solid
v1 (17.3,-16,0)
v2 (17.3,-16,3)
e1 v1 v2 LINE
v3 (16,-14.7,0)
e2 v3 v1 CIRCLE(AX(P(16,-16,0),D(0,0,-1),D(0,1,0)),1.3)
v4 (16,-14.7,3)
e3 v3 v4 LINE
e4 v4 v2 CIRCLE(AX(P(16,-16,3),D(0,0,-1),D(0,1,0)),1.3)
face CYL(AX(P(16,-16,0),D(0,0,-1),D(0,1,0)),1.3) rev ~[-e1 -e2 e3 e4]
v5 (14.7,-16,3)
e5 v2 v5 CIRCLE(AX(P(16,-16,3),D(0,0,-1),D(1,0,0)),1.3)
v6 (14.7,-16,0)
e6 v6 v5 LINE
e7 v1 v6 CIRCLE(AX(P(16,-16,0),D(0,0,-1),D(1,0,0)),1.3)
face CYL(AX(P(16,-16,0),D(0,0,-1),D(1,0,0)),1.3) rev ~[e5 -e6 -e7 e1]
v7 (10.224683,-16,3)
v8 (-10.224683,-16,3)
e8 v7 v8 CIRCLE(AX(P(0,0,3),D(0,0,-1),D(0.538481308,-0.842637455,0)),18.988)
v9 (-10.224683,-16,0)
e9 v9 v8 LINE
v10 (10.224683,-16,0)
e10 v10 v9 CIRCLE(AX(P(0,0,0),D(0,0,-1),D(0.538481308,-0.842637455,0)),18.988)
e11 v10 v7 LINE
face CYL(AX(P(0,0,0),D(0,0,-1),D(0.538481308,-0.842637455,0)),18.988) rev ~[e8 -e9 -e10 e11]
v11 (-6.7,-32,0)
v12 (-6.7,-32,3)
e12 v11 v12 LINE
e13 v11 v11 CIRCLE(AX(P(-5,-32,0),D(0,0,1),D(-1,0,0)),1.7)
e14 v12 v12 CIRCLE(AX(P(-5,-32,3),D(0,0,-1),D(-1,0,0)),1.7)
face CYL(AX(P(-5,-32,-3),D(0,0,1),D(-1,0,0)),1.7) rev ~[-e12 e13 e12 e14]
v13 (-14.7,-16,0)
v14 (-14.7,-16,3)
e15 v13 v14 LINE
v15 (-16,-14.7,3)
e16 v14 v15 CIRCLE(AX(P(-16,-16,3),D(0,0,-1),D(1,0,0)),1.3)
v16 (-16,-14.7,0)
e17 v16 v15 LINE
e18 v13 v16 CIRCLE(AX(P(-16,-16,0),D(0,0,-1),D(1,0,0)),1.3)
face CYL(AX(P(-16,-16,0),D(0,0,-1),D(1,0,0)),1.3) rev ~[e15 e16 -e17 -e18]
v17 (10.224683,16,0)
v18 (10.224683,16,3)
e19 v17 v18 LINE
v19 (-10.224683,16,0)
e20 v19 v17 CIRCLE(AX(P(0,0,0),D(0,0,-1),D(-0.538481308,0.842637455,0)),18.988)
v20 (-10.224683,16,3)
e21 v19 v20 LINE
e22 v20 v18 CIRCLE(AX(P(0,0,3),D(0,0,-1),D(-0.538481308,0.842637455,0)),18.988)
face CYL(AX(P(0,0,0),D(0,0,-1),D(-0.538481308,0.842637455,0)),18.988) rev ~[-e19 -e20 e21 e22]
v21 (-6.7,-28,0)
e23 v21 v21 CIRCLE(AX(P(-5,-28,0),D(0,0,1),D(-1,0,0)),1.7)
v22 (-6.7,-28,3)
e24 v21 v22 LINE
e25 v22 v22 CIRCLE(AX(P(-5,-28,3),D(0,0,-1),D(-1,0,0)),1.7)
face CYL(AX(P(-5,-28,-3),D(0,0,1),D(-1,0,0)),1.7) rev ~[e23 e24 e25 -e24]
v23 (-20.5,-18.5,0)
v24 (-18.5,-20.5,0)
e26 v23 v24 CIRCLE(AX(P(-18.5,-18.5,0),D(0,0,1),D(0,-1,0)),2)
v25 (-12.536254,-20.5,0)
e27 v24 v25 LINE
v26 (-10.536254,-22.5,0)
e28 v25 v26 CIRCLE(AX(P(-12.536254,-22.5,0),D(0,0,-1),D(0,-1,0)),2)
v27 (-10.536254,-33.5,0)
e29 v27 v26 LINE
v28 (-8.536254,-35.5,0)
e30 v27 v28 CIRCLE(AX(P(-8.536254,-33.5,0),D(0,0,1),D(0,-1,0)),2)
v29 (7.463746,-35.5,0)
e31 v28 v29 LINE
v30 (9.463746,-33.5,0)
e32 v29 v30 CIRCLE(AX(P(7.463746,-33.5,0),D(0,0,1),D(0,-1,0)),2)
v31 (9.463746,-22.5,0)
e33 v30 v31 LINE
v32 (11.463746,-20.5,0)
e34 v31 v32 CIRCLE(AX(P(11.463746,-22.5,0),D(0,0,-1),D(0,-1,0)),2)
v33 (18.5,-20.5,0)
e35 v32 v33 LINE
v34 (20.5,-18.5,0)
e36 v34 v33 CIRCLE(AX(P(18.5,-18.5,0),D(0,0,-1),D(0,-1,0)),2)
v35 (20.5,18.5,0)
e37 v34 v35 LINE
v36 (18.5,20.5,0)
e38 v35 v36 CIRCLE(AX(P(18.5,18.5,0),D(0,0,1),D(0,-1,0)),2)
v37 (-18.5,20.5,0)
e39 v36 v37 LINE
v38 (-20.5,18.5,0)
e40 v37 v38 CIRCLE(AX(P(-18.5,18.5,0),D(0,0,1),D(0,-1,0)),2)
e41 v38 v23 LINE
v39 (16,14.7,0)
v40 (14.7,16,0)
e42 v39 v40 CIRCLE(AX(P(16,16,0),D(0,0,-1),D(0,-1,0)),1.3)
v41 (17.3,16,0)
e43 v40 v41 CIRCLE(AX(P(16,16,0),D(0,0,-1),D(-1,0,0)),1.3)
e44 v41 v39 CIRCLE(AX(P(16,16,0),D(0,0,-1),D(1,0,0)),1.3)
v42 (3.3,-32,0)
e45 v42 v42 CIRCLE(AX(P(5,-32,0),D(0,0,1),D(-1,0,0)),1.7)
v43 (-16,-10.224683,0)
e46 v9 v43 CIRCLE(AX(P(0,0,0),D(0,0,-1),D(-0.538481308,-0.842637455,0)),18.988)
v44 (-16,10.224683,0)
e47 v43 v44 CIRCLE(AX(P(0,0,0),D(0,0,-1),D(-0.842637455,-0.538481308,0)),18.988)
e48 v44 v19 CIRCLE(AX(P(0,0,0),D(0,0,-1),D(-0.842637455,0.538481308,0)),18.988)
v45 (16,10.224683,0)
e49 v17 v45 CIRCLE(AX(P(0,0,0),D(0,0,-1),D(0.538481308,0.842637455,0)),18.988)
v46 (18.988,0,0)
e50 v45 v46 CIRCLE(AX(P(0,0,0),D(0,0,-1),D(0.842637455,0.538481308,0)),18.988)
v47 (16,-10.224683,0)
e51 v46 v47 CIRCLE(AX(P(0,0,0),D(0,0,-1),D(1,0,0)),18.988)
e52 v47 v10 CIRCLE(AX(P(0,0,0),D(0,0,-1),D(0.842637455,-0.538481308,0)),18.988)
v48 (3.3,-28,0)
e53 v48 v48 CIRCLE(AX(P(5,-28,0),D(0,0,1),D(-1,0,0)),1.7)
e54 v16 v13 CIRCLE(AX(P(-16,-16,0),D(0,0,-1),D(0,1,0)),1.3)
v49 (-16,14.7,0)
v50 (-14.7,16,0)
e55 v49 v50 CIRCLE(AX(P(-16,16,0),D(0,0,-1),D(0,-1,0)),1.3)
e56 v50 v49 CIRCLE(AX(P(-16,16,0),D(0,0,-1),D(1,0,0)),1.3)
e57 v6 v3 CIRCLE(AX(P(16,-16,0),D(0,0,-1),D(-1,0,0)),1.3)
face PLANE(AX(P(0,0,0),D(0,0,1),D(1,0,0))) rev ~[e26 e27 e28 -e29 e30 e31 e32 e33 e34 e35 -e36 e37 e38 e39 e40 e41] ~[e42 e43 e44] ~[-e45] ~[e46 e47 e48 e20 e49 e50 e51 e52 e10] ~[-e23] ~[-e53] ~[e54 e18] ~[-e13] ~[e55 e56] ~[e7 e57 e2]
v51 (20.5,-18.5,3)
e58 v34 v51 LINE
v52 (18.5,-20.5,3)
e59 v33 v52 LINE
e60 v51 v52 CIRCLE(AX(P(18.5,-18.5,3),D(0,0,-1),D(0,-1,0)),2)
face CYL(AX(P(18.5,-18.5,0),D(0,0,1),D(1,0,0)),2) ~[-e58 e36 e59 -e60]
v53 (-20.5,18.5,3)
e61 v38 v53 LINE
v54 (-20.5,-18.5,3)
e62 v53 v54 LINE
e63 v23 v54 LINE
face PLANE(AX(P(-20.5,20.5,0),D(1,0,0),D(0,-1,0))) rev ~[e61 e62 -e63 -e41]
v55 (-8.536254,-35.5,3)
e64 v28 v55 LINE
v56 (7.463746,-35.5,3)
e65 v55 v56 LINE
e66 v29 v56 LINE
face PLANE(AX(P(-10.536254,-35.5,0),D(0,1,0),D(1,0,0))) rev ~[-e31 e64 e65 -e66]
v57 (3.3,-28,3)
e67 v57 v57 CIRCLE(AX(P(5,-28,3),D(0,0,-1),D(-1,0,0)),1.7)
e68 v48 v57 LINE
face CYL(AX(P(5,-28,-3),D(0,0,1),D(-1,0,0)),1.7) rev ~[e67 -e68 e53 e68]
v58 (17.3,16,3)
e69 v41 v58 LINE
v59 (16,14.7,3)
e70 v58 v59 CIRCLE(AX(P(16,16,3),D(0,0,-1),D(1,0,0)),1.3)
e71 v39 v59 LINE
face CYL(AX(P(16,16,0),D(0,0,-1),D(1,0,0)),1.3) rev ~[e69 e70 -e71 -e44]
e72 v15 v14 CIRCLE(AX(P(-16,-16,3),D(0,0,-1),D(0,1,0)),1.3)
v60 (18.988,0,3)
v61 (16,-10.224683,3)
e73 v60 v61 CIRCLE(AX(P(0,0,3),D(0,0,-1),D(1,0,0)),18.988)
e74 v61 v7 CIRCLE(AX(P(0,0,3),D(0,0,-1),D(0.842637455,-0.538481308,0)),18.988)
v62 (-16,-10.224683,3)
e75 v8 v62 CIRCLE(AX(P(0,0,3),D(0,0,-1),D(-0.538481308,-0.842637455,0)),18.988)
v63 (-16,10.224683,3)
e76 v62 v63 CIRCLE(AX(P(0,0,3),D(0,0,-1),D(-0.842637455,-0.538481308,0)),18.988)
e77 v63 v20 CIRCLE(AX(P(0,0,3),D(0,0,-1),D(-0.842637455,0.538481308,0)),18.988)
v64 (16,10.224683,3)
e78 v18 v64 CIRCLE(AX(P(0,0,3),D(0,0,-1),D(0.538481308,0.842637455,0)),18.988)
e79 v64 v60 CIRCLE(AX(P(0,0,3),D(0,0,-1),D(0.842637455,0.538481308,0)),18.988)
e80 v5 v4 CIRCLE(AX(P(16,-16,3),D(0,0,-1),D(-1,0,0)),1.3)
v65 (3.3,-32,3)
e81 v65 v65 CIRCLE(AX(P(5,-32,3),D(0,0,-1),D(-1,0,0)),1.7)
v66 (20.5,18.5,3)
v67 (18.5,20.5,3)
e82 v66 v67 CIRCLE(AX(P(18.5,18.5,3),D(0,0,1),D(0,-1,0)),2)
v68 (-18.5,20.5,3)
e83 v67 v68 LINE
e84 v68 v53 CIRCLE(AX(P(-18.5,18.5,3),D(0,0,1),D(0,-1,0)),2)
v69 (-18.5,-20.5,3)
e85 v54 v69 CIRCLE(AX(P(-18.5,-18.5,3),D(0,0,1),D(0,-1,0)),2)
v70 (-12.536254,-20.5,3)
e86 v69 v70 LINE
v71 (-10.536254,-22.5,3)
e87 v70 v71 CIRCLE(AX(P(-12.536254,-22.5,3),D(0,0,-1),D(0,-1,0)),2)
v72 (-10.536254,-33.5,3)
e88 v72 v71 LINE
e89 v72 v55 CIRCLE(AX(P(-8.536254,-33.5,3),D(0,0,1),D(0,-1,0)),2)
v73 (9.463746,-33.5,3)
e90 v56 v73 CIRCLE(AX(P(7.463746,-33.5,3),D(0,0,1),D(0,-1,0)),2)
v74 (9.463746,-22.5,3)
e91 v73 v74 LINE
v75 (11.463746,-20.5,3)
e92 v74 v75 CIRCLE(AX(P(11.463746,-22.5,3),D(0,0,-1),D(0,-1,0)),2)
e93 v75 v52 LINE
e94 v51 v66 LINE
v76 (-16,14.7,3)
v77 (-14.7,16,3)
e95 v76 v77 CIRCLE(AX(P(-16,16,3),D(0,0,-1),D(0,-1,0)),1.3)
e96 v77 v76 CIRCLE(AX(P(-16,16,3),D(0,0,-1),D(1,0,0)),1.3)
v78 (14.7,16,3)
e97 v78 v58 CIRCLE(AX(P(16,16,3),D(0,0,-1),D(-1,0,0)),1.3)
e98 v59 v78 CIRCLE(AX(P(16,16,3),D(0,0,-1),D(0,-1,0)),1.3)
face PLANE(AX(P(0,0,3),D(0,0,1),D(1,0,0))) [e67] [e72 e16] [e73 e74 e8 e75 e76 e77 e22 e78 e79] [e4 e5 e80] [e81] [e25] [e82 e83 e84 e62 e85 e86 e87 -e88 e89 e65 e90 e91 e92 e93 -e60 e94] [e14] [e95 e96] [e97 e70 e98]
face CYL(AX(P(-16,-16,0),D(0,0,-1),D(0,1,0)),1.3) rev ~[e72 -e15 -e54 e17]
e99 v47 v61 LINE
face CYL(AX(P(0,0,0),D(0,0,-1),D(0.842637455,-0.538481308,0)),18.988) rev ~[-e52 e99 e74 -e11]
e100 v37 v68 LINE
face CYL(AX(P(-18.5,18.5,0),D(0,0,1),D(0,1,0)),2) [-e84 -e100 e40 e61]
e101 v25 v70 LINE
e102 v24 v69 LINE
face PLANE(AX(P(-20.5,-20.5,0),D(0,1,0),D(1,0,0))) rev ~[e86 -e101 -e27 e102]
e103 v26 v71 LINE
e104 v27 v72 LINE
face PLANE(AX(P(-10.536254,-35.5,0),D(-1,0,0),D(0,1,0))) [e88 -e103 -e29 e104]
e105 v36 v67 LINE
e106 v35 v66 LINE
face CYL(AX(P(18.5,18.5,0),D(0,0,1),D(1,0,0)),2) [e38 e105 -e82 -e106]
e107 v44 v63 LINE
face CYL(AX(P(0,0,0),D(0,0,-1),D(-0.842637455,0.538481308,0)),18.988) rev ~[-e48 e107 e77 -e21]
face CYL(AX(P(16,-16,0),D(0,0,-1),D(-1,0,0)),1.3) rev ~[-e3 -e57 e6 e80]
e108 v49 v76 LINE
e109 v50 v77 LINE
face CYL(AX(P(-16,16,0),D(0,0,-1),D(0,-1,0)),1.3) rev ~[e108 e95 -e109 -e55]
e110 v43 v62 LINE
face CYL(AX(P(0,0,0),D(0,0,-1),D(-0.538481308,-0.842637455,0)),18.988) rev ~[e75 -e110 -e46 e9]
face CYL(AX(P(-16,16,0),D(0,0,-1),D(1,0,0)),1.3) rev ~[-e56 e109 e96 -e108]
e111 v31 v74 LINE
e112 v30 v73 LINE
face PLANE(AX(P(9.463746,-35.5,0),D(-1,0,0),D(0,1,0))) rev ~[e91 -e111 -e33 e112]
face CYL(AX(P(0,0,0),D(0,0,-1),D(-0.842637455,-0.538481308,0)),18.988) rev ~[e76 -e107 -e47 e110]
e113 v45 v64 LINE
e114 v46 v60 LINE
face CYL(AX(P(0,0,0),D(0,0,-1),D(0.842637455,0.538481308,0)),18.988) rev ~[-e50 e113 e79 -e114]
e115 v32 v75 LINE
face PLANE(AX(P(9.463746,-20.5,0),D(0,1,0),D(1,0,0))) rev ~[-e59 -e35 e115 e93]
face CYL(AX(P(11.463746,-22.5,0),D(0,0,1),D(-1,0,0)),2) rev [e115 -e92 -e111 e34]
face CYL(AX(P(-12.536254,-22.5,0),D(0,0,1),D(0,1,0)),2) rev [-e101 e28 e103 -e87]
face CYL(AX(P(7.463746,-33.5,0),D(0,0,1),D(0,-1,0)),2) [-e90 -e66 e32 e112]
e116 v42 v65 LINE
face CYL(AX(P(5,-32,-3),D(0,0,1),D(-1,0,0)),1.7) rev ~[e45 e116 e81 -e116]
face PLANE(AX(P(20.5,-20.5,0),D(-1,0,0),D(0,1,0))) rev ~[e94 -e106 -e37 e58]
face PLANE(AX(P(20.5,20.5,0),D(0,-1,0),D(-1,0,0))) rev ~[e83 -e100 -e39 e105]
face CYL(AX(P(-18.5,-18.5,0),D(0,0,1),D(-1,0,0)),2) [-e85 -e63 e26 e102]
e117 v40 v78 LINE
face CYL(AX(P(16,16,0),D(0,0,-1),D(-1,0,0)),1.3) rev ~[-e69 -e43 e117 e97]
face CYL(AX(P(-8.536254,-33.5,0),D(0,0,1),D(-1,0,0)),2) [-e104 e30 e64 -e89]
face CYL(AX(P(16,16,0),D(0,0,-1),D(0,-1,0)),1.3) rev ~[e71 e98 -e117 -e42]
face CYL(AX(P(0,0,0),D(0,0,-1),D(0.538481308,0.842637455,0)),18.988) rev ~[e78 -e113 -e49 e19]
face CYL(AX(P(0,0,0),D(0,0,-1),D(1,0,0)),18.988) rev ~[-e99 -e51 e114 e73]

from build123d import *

# Parameters (mm, degrees)
F0_W     = 20
F0_H     = 15
F1_DEPTH = 3
F2_R     = 2
F3_D     = 3.4
F3_DEPTH = 3
F3_TIP   = 1.0214630523


with BuildPart() as f1:
    # F0 (on Top) → F1 (new body)
    with BuildSketch(Plane.XY):
        Polygon((9.4637456983, -20.5), (20.5, -20.5), (20.5, 20.5), (-20.5, 20.5), (-20.5, -20.5), (-10.5362543017, -20.5), align=None)
        with BuildLine():
            Line((-10.2246830758, -16), (-14.7, -16))
            ThreePointArc((-14.7, -16), (-16.9192388155, -16.9192388155), (-16, -14.7))
            Line((-16, -14.7), (-16, -10.2246830758))
            ThreePointArc((-16, -10.2246830758), (-18.988, 0), (-16, 10.2246830758))
            Line((-16, 10.2246830758), (-16, 14.7))
            ThreePointArc((-16, 14.7), (-16.9192388155, 16.9192388155), (-14.7, 16))
            Line((-14.7, 16), (-10.2246830758, 16))
            ThreePointArc((-10.2246830758, 16), (0, 18.988), (10.2246830758, 16))
            Line((10.2246830758, 16), (14.7, 16))
            ThreePointArc((14.7, 16), (16, 17.3), (17.3, 16))
            ThreePointArc((17.3, 16), (16.9192388155, 15.0807611845), (16, 14.7))
            Line((16, 14.7), (16, 10.2246830758))
            ThreePointArc((16, 10.2246830758), (18.2256981211, 5.3261686042), (18.988, 0))
            ThreePointArc((18.988, 0), (18.2256981211, -5.3261686042), (16, -10.2246830758))
            Line((16, -10.2246830758), (16, -14.7))
            ThreePointArc((16, -14.7), (16.9192388155, -15.0807611845), (17.3, -16))
            ThreePointArc((17.3, -16), (16, -17.3), (14.7, -16))
            Line((14.7, -16), (10.2246830758, -16))
            ThreePointArc((10.2246830758, -16), (0, -18.988), (-10.2246830758, -16))
        make_face(mode=Mode.SUBTRACT)
        with BuildLine():
            Line((-16, 14.7), (-16, 10.2246830758))
            ThreePointArc((-16, 10.2246830758), (-13.4265435612, 13.4265435612), (-10.2246830758, 16))
            Line((-10.2246830758, 16), (-14.7, 16))
            ThreePointArc((-14.7, 16), (-15.0807611845, 15.0807611845), (-16, 14.7))
        make_face()
        with BuildLine():
            ThreePointArc((10.2246830758, 16), (13.4265435612, 13.4265435612), (16, 10.2246830758))
            Line((16, 10.2246830758), (16, 14.7))
            ThreePointArc((16, 14.7), (15.0807611845, 15.0807611845), (14.7, 16))
            Line((14.7, 16), (10.2246830758, 16))
        make_face()
        with BuildLine():
            ThreePointArc((16, -10.2246830758), (13.4265435612, -13.4265435612), (10.2246830758, -16))
            Line((10.2246830758, -16), (14.7, -16))
            ThreePointArc((14.7, -16), (15.0807611845, -15.0807611845), (16, -14.7))
            Line((16, -14.7), (16, -10.2246830758))
        make_face()
        with BuildLine():
            ThreePointArc((-16, -14.7), (-15.0807611845, -15.0807611845), (-14.7, -16))
            Line((-14.7, -16), (-10.2246830758, -16))
            ThreePointArc((-10.2246830758, -16), (-13.4265435612, -13.4265435612), (-16, -10.2246830758))
            Line((-16, -10.2246830758), (-16, -14.7))
        make_face()
        with Locations((-0.5362543017, -28)):
            Rectangle(F0_W, F0_H)
    extrude(amount=F1_DEPTH)

    # F2
    f2_edges = [f1.edges().sort_by_distance(p)[0] for p in [
        (20.5, -20.5, 1.5),
        (20.5, 20.5, 1.5),
        (-20.5, 20.5, 1.5),
        (-20.5, -20.5, 1.5),
        (-10.536254, -35.5, 1.5),
        (9.463746, -35.5, 1.5),
        (-10.536254, -20.5, 1.5),
        (9.463746, -20.5, 1.5),
    ]]
    fillet(f2_edges, radius=F2_R)

    # F3
    with Locations(Plane(origin=(0, 0, 0), x_dir=(1, 0, 0), z_dir=(0, 0, -1))):
        with Locations((-5, 28), (5, 28), (-5, 32), (5, 32)):
            Hole(F3_D / 2, depth=F3_DEPTH)
            with Locations((0, 0, -(F3_DEPTH + F3_TIP / 2))):  # 118° drill point
                Cone(0, F3_D / 2, F3_TIP, mode=Mode.SUBTRACT)


solid = f1.part
